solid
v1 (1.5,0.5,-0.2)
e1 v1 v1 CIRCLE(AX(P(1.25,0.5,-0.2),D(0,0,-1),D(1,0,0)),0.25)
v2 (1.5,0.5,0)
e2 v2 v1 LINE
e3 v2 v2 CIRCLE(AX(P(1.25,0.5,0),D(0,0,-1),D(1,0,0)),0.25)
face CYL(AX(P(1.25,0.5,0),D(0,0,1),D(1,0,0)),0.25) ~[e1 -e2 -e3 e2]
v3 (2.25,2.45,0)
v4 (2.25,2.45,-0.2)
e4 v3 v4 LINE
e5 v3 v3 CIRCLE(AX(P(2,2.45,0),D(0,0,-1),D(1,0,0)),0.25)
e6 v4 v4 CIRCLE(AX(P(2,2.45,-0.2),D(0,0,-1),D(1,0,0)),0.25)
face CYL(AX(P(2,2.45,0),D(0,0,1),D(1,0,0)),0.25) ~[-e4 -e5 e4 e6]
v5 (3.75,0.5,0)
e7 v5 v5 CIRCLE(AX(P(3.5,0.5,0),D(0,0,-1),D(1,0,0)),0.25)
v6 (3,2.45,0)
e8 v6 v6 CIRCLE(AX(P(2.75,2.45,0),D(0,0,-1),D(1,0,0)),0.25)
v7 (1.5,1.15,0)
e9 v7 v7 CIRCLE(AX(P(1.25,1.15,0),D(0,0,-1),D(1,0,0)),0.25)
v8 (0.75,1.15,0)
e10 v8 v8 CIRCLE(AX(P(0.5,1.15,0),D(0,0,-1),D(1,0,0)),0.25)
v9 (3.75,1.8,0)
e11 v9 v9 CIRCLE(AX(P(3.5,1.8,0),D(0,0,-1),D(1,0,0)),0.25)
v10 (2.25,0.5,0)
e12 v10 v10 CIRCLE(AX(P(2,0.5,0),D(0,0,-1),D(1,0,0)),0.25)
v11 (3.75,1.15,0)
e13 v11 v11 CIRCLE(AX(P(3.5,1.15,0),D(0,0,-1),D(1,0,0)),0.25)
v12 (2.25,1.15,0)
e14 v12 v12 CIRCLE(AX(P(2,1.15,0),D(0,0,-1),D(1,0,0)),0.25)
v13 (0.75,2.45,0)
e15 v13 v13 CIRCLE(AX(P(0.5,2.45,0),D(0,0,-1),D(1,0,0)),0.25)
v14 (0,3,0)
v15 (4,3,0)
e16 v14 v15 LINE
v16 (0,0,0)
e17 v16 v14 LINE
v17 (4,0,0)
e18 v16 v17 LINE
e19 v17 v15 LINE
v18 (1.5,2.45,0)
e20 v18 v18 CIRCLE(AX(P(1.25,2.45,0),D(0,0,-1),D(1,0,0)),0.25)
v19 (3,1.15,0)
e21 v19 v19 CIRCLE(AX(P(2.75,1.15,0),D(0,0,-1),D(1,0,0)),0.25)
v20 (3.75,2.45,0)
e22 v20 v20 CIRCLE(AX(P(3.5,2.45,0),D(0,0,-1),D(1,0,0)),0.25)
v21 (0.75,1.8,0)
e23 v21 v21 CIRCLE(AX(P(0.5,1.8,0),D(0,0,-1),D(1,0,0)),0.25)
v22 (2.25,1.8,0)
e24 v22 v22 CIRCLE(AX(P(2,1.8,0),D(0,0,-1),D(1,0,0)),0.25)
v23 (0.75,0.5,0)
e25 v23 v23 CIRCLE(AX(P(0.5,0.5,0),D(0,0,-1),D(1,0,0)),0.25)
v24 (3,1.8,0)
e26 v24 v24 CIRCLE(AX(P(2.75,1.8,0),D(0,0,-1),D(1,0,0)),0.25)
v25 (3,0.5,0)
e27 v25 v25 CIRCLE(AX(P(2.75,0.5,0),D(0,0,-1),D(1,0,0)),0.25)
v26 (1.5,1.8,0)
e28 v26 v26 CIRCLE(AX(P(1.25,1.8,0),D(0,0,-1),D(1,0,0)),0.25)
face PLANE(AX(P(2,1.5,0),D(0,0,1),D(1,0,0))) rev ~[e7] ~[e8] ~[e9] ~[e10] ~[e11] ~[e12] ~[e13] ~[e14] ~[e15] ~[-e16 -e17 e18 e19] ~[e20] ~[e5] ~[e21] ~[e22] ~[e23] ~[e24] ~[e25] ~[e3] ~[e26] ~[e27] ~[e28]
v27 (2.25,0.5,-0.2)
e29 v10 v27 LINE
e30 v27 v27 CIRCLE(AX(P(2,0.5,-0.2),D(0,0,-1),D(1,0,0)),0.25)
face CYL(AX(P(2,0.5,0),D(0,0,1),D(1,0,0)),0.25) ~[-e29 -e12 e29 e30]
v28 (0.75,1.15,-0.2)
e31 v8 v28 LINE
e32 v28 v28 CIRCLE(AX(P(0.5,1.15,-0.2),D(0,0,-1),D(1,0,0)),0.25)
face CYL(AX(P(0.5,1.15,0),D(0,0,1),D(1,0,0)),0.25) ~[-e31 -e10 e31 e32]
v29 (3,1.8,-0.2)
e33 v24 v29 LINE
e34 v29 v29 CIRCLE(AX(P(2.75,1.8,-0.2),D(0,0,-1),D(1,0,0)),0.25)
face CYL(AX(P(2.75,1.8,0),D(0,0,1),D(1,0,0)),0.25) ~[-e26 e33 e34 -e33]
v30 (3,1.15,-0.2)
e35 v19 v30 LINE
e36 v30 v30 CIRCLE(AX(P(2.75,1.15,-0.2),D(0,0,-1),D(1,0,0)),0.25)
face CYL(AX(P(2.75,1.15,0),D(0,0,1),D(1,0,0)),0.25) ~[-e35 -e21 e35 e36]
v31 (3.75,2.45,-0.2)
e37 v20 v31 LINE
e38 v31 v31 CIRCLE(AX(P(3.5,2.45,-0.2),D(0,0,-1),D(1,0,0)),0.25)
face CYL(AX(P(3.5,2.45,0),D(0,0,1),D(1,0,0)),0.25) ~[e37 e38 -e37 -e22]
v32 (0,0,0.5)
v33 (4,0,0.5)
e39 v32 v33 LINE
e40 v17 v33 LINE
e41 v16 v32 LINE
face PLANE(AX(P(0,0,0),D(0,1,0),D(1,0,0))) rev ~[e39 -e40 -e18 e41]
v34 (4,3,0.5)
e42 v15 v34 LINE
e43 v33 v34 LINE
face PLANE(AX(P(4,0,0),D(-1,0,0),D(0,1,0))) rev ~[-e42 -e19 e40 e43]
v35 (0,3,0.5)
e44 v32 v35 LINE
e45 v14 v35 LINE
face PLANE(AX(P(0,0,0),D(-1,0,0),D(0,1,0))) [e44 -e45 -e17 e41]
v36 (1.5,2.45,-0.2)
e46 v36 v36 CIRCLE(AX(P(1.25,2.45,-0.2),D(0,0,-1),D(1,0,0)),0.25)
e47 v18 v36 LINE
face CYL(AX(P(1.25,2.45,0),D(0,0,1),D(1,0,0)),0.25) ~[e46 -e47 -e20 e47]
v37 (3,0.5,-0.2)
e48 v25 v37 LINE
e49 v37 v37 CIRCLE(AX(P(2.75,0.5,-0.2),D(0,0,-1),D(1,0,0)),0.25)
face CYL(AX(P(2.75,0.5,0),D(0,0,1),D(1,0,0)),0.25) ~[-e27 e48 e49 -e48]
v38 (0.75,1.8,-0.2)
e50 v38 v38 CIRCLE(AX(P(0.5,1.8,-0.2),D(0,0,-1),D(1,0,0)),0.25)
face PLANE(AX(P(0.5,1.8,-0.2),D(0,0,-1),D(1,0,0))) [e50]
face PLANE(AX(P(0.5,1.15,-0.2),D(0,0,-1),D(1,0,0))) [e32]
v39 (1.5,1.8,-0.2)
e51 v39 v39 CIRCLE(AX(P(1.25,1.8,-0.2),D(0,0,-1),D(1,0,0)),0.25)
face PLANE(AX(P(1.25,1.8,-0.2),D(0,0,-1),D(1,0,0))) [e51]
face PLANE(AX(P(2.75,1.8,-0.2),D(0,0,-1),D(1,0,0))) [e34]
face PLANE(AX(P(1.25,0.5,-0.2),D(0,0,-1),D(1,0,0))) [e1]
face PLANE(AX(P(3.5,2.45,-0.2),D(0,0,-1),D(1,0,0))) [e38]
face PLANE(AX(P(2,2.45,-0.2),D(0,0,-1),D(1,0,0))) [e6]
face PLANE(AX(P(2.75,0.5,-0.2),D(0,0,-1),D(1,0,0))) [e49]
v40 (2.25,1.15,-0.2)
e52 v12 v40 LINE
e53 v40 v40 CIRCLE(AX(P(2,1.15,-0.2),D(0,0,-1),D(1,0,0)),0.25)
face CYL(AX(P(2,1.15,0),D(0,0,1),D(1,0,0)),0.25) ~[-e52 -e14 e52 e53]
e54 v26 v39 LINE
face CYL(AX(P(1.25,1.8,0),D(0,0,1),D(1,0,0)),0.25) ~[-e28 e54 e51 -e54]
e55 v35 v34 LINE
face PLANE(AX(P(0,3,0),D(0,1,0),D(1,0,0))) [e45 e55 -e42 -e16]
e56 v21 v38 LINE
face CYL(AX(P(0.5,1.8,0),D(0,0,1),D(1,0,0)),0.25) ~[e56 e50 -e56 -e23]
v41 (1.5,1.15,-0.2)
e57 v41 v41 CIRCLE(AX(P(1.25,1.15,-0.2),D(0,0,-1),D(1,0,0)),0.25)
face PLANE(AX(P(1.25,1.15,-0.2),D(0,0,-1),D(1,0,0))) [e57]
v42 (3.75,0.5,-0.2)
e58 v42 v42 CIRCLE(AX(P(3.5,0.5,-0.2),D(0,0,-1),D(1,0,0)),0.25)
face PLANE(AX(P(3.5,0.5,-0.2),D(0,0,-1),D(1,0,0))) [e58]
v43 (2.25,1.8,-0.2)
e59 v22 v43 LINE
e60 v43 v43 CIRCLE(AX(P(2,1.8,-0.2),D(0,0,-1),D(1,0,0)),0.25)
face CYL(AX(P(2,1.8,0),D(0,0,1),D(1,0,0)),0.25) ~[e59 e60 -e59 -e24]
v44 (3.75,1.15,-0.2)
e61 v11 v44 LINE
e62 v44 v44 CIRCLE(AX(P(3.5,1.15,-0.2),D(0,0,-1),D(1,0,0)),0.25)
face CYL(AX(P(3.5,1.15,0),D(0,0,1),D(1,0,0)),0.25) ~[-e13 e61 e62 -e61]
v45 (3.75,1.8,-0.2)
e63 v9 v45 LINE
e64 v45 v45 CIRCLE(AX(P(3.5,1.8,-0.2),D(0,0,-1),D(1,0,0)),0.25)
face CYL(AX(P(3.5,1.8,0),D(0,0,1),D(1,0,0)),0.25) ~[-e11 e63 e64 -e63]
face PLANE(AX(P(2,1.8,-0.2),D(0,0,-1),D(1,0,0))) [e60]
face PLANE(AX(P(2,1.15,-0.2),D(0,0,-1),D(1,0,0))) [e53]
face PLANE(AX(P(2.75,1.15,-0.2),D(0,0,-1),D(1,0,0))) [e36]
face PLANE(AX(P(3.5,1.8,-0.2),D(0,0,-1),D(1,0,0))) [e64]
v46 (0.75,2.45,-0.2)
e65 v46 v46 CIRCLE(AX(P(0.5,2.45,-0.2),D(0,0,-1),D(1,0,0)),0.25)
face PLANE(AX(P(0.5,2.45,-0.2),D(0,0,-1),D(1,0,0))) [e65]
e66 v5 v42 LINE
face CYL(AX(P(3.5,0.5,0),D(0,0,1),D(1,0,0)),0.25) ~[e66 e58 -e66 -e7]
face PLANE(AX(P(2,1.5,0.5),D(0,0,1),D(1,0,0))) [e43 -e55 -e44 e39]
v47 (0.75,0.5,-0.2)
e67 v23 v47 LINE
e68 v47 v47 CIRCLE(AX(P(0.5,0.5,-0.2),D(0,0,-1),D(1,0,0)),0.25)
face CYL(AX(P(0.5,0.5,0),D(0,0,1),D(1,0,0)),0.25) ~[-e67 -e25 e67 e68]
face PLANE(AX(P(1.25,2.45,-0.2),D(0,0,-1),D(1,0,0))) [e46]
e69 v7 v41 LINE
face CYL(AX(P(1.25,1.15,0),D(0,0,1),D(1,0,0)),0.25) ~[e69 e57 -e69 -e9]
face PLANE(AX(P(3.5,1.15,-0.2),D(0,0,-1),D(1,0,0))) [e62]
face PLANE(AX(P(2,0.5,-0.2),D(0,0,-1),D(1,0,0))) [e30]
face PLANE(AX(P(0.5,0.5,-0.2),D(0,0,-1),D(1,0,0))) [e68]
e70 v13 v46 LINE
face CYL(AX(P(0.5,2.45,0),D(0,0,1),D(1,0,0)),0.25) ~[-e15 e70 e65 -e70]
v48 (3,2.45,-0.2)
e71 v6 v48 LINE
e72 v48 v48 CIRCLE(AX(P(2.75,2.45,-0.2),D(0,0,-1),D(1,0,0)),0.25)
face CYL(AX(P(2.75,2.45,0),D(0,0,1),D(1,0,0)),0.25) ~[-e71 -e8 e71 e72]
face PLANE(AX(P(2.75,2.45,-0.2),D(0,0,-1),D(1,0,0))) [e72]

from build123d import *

# Parameters (mm, degrees)
F0_W     = 4
F0_H     = 3
F1_DEPTH = 0.5
F2_R     = 0.25
F3_DEPTH = 0.2


with BuildPart() as f1:
    # F0 (on Top) → F1 (new body)
    with BuildSketch(Plane.XY):
        with Locations((2, 1.5)):
            Rectangle(F0_W, F0_H)
    extrude(amount=F1_DEPTH)

    # F2 (on face) → F3 (join)
    with BuildSketch(Plane(origin=(0, 0, 0), x_dir=(1, 0, 0), z_dir=(0, 0, -1))):
        with Locations((0.5, -0.5)):
            Circle(F2_R)
        with Locations((1.25, -0.5)):
            Circle(F2_R)
        with Locations((2, -0.5)):
            Circle(F2_R)
        with Locations((2.75, -0.5)):
            Circle(F2_R)
        with Locations((3.5, -0.5)):
            Circle(F2_R)
        with Locations((2, -1.15)):
            Circle(F2_R)
        with Locations((2.75, -1.15)):
            Circle(F2_R)
        with Locations((3.5, -1.15)):
            Circle(F2_R)
        with Locations((0.5, -1.15)):
            Circle(F2_R)
        with Locations((1.25, -1.15)):
            Circle(F2_R)
        with Locations((2, -1.8)):
            Circle(F2_R)
        with Locations((2.75, -1.8)):
            Circle(F2_R)
        with Locations((3.5, -1.8)):
            Circle(F2_R)
        with Locations((0.5, -1.8)):
            Circle(F2_R)
        with Locations((1.25, -1.8)):
            Circle(F2_R)
        with Locations((2, -2.45)):
            Circle(F2_R)
        with Locations((2.75, -2.45)):
            Circle(F2_R)
        with Locations((3.5, -2.45)):
            Circle(F2_R)
        with Locations((0.5, -2.45)):
            Circle(F2_R)
        with Locations((1.25, -2.45)):
            Circle(F2_R)
    extrude(amount=F3_DEPTH)


solid = f1.part
